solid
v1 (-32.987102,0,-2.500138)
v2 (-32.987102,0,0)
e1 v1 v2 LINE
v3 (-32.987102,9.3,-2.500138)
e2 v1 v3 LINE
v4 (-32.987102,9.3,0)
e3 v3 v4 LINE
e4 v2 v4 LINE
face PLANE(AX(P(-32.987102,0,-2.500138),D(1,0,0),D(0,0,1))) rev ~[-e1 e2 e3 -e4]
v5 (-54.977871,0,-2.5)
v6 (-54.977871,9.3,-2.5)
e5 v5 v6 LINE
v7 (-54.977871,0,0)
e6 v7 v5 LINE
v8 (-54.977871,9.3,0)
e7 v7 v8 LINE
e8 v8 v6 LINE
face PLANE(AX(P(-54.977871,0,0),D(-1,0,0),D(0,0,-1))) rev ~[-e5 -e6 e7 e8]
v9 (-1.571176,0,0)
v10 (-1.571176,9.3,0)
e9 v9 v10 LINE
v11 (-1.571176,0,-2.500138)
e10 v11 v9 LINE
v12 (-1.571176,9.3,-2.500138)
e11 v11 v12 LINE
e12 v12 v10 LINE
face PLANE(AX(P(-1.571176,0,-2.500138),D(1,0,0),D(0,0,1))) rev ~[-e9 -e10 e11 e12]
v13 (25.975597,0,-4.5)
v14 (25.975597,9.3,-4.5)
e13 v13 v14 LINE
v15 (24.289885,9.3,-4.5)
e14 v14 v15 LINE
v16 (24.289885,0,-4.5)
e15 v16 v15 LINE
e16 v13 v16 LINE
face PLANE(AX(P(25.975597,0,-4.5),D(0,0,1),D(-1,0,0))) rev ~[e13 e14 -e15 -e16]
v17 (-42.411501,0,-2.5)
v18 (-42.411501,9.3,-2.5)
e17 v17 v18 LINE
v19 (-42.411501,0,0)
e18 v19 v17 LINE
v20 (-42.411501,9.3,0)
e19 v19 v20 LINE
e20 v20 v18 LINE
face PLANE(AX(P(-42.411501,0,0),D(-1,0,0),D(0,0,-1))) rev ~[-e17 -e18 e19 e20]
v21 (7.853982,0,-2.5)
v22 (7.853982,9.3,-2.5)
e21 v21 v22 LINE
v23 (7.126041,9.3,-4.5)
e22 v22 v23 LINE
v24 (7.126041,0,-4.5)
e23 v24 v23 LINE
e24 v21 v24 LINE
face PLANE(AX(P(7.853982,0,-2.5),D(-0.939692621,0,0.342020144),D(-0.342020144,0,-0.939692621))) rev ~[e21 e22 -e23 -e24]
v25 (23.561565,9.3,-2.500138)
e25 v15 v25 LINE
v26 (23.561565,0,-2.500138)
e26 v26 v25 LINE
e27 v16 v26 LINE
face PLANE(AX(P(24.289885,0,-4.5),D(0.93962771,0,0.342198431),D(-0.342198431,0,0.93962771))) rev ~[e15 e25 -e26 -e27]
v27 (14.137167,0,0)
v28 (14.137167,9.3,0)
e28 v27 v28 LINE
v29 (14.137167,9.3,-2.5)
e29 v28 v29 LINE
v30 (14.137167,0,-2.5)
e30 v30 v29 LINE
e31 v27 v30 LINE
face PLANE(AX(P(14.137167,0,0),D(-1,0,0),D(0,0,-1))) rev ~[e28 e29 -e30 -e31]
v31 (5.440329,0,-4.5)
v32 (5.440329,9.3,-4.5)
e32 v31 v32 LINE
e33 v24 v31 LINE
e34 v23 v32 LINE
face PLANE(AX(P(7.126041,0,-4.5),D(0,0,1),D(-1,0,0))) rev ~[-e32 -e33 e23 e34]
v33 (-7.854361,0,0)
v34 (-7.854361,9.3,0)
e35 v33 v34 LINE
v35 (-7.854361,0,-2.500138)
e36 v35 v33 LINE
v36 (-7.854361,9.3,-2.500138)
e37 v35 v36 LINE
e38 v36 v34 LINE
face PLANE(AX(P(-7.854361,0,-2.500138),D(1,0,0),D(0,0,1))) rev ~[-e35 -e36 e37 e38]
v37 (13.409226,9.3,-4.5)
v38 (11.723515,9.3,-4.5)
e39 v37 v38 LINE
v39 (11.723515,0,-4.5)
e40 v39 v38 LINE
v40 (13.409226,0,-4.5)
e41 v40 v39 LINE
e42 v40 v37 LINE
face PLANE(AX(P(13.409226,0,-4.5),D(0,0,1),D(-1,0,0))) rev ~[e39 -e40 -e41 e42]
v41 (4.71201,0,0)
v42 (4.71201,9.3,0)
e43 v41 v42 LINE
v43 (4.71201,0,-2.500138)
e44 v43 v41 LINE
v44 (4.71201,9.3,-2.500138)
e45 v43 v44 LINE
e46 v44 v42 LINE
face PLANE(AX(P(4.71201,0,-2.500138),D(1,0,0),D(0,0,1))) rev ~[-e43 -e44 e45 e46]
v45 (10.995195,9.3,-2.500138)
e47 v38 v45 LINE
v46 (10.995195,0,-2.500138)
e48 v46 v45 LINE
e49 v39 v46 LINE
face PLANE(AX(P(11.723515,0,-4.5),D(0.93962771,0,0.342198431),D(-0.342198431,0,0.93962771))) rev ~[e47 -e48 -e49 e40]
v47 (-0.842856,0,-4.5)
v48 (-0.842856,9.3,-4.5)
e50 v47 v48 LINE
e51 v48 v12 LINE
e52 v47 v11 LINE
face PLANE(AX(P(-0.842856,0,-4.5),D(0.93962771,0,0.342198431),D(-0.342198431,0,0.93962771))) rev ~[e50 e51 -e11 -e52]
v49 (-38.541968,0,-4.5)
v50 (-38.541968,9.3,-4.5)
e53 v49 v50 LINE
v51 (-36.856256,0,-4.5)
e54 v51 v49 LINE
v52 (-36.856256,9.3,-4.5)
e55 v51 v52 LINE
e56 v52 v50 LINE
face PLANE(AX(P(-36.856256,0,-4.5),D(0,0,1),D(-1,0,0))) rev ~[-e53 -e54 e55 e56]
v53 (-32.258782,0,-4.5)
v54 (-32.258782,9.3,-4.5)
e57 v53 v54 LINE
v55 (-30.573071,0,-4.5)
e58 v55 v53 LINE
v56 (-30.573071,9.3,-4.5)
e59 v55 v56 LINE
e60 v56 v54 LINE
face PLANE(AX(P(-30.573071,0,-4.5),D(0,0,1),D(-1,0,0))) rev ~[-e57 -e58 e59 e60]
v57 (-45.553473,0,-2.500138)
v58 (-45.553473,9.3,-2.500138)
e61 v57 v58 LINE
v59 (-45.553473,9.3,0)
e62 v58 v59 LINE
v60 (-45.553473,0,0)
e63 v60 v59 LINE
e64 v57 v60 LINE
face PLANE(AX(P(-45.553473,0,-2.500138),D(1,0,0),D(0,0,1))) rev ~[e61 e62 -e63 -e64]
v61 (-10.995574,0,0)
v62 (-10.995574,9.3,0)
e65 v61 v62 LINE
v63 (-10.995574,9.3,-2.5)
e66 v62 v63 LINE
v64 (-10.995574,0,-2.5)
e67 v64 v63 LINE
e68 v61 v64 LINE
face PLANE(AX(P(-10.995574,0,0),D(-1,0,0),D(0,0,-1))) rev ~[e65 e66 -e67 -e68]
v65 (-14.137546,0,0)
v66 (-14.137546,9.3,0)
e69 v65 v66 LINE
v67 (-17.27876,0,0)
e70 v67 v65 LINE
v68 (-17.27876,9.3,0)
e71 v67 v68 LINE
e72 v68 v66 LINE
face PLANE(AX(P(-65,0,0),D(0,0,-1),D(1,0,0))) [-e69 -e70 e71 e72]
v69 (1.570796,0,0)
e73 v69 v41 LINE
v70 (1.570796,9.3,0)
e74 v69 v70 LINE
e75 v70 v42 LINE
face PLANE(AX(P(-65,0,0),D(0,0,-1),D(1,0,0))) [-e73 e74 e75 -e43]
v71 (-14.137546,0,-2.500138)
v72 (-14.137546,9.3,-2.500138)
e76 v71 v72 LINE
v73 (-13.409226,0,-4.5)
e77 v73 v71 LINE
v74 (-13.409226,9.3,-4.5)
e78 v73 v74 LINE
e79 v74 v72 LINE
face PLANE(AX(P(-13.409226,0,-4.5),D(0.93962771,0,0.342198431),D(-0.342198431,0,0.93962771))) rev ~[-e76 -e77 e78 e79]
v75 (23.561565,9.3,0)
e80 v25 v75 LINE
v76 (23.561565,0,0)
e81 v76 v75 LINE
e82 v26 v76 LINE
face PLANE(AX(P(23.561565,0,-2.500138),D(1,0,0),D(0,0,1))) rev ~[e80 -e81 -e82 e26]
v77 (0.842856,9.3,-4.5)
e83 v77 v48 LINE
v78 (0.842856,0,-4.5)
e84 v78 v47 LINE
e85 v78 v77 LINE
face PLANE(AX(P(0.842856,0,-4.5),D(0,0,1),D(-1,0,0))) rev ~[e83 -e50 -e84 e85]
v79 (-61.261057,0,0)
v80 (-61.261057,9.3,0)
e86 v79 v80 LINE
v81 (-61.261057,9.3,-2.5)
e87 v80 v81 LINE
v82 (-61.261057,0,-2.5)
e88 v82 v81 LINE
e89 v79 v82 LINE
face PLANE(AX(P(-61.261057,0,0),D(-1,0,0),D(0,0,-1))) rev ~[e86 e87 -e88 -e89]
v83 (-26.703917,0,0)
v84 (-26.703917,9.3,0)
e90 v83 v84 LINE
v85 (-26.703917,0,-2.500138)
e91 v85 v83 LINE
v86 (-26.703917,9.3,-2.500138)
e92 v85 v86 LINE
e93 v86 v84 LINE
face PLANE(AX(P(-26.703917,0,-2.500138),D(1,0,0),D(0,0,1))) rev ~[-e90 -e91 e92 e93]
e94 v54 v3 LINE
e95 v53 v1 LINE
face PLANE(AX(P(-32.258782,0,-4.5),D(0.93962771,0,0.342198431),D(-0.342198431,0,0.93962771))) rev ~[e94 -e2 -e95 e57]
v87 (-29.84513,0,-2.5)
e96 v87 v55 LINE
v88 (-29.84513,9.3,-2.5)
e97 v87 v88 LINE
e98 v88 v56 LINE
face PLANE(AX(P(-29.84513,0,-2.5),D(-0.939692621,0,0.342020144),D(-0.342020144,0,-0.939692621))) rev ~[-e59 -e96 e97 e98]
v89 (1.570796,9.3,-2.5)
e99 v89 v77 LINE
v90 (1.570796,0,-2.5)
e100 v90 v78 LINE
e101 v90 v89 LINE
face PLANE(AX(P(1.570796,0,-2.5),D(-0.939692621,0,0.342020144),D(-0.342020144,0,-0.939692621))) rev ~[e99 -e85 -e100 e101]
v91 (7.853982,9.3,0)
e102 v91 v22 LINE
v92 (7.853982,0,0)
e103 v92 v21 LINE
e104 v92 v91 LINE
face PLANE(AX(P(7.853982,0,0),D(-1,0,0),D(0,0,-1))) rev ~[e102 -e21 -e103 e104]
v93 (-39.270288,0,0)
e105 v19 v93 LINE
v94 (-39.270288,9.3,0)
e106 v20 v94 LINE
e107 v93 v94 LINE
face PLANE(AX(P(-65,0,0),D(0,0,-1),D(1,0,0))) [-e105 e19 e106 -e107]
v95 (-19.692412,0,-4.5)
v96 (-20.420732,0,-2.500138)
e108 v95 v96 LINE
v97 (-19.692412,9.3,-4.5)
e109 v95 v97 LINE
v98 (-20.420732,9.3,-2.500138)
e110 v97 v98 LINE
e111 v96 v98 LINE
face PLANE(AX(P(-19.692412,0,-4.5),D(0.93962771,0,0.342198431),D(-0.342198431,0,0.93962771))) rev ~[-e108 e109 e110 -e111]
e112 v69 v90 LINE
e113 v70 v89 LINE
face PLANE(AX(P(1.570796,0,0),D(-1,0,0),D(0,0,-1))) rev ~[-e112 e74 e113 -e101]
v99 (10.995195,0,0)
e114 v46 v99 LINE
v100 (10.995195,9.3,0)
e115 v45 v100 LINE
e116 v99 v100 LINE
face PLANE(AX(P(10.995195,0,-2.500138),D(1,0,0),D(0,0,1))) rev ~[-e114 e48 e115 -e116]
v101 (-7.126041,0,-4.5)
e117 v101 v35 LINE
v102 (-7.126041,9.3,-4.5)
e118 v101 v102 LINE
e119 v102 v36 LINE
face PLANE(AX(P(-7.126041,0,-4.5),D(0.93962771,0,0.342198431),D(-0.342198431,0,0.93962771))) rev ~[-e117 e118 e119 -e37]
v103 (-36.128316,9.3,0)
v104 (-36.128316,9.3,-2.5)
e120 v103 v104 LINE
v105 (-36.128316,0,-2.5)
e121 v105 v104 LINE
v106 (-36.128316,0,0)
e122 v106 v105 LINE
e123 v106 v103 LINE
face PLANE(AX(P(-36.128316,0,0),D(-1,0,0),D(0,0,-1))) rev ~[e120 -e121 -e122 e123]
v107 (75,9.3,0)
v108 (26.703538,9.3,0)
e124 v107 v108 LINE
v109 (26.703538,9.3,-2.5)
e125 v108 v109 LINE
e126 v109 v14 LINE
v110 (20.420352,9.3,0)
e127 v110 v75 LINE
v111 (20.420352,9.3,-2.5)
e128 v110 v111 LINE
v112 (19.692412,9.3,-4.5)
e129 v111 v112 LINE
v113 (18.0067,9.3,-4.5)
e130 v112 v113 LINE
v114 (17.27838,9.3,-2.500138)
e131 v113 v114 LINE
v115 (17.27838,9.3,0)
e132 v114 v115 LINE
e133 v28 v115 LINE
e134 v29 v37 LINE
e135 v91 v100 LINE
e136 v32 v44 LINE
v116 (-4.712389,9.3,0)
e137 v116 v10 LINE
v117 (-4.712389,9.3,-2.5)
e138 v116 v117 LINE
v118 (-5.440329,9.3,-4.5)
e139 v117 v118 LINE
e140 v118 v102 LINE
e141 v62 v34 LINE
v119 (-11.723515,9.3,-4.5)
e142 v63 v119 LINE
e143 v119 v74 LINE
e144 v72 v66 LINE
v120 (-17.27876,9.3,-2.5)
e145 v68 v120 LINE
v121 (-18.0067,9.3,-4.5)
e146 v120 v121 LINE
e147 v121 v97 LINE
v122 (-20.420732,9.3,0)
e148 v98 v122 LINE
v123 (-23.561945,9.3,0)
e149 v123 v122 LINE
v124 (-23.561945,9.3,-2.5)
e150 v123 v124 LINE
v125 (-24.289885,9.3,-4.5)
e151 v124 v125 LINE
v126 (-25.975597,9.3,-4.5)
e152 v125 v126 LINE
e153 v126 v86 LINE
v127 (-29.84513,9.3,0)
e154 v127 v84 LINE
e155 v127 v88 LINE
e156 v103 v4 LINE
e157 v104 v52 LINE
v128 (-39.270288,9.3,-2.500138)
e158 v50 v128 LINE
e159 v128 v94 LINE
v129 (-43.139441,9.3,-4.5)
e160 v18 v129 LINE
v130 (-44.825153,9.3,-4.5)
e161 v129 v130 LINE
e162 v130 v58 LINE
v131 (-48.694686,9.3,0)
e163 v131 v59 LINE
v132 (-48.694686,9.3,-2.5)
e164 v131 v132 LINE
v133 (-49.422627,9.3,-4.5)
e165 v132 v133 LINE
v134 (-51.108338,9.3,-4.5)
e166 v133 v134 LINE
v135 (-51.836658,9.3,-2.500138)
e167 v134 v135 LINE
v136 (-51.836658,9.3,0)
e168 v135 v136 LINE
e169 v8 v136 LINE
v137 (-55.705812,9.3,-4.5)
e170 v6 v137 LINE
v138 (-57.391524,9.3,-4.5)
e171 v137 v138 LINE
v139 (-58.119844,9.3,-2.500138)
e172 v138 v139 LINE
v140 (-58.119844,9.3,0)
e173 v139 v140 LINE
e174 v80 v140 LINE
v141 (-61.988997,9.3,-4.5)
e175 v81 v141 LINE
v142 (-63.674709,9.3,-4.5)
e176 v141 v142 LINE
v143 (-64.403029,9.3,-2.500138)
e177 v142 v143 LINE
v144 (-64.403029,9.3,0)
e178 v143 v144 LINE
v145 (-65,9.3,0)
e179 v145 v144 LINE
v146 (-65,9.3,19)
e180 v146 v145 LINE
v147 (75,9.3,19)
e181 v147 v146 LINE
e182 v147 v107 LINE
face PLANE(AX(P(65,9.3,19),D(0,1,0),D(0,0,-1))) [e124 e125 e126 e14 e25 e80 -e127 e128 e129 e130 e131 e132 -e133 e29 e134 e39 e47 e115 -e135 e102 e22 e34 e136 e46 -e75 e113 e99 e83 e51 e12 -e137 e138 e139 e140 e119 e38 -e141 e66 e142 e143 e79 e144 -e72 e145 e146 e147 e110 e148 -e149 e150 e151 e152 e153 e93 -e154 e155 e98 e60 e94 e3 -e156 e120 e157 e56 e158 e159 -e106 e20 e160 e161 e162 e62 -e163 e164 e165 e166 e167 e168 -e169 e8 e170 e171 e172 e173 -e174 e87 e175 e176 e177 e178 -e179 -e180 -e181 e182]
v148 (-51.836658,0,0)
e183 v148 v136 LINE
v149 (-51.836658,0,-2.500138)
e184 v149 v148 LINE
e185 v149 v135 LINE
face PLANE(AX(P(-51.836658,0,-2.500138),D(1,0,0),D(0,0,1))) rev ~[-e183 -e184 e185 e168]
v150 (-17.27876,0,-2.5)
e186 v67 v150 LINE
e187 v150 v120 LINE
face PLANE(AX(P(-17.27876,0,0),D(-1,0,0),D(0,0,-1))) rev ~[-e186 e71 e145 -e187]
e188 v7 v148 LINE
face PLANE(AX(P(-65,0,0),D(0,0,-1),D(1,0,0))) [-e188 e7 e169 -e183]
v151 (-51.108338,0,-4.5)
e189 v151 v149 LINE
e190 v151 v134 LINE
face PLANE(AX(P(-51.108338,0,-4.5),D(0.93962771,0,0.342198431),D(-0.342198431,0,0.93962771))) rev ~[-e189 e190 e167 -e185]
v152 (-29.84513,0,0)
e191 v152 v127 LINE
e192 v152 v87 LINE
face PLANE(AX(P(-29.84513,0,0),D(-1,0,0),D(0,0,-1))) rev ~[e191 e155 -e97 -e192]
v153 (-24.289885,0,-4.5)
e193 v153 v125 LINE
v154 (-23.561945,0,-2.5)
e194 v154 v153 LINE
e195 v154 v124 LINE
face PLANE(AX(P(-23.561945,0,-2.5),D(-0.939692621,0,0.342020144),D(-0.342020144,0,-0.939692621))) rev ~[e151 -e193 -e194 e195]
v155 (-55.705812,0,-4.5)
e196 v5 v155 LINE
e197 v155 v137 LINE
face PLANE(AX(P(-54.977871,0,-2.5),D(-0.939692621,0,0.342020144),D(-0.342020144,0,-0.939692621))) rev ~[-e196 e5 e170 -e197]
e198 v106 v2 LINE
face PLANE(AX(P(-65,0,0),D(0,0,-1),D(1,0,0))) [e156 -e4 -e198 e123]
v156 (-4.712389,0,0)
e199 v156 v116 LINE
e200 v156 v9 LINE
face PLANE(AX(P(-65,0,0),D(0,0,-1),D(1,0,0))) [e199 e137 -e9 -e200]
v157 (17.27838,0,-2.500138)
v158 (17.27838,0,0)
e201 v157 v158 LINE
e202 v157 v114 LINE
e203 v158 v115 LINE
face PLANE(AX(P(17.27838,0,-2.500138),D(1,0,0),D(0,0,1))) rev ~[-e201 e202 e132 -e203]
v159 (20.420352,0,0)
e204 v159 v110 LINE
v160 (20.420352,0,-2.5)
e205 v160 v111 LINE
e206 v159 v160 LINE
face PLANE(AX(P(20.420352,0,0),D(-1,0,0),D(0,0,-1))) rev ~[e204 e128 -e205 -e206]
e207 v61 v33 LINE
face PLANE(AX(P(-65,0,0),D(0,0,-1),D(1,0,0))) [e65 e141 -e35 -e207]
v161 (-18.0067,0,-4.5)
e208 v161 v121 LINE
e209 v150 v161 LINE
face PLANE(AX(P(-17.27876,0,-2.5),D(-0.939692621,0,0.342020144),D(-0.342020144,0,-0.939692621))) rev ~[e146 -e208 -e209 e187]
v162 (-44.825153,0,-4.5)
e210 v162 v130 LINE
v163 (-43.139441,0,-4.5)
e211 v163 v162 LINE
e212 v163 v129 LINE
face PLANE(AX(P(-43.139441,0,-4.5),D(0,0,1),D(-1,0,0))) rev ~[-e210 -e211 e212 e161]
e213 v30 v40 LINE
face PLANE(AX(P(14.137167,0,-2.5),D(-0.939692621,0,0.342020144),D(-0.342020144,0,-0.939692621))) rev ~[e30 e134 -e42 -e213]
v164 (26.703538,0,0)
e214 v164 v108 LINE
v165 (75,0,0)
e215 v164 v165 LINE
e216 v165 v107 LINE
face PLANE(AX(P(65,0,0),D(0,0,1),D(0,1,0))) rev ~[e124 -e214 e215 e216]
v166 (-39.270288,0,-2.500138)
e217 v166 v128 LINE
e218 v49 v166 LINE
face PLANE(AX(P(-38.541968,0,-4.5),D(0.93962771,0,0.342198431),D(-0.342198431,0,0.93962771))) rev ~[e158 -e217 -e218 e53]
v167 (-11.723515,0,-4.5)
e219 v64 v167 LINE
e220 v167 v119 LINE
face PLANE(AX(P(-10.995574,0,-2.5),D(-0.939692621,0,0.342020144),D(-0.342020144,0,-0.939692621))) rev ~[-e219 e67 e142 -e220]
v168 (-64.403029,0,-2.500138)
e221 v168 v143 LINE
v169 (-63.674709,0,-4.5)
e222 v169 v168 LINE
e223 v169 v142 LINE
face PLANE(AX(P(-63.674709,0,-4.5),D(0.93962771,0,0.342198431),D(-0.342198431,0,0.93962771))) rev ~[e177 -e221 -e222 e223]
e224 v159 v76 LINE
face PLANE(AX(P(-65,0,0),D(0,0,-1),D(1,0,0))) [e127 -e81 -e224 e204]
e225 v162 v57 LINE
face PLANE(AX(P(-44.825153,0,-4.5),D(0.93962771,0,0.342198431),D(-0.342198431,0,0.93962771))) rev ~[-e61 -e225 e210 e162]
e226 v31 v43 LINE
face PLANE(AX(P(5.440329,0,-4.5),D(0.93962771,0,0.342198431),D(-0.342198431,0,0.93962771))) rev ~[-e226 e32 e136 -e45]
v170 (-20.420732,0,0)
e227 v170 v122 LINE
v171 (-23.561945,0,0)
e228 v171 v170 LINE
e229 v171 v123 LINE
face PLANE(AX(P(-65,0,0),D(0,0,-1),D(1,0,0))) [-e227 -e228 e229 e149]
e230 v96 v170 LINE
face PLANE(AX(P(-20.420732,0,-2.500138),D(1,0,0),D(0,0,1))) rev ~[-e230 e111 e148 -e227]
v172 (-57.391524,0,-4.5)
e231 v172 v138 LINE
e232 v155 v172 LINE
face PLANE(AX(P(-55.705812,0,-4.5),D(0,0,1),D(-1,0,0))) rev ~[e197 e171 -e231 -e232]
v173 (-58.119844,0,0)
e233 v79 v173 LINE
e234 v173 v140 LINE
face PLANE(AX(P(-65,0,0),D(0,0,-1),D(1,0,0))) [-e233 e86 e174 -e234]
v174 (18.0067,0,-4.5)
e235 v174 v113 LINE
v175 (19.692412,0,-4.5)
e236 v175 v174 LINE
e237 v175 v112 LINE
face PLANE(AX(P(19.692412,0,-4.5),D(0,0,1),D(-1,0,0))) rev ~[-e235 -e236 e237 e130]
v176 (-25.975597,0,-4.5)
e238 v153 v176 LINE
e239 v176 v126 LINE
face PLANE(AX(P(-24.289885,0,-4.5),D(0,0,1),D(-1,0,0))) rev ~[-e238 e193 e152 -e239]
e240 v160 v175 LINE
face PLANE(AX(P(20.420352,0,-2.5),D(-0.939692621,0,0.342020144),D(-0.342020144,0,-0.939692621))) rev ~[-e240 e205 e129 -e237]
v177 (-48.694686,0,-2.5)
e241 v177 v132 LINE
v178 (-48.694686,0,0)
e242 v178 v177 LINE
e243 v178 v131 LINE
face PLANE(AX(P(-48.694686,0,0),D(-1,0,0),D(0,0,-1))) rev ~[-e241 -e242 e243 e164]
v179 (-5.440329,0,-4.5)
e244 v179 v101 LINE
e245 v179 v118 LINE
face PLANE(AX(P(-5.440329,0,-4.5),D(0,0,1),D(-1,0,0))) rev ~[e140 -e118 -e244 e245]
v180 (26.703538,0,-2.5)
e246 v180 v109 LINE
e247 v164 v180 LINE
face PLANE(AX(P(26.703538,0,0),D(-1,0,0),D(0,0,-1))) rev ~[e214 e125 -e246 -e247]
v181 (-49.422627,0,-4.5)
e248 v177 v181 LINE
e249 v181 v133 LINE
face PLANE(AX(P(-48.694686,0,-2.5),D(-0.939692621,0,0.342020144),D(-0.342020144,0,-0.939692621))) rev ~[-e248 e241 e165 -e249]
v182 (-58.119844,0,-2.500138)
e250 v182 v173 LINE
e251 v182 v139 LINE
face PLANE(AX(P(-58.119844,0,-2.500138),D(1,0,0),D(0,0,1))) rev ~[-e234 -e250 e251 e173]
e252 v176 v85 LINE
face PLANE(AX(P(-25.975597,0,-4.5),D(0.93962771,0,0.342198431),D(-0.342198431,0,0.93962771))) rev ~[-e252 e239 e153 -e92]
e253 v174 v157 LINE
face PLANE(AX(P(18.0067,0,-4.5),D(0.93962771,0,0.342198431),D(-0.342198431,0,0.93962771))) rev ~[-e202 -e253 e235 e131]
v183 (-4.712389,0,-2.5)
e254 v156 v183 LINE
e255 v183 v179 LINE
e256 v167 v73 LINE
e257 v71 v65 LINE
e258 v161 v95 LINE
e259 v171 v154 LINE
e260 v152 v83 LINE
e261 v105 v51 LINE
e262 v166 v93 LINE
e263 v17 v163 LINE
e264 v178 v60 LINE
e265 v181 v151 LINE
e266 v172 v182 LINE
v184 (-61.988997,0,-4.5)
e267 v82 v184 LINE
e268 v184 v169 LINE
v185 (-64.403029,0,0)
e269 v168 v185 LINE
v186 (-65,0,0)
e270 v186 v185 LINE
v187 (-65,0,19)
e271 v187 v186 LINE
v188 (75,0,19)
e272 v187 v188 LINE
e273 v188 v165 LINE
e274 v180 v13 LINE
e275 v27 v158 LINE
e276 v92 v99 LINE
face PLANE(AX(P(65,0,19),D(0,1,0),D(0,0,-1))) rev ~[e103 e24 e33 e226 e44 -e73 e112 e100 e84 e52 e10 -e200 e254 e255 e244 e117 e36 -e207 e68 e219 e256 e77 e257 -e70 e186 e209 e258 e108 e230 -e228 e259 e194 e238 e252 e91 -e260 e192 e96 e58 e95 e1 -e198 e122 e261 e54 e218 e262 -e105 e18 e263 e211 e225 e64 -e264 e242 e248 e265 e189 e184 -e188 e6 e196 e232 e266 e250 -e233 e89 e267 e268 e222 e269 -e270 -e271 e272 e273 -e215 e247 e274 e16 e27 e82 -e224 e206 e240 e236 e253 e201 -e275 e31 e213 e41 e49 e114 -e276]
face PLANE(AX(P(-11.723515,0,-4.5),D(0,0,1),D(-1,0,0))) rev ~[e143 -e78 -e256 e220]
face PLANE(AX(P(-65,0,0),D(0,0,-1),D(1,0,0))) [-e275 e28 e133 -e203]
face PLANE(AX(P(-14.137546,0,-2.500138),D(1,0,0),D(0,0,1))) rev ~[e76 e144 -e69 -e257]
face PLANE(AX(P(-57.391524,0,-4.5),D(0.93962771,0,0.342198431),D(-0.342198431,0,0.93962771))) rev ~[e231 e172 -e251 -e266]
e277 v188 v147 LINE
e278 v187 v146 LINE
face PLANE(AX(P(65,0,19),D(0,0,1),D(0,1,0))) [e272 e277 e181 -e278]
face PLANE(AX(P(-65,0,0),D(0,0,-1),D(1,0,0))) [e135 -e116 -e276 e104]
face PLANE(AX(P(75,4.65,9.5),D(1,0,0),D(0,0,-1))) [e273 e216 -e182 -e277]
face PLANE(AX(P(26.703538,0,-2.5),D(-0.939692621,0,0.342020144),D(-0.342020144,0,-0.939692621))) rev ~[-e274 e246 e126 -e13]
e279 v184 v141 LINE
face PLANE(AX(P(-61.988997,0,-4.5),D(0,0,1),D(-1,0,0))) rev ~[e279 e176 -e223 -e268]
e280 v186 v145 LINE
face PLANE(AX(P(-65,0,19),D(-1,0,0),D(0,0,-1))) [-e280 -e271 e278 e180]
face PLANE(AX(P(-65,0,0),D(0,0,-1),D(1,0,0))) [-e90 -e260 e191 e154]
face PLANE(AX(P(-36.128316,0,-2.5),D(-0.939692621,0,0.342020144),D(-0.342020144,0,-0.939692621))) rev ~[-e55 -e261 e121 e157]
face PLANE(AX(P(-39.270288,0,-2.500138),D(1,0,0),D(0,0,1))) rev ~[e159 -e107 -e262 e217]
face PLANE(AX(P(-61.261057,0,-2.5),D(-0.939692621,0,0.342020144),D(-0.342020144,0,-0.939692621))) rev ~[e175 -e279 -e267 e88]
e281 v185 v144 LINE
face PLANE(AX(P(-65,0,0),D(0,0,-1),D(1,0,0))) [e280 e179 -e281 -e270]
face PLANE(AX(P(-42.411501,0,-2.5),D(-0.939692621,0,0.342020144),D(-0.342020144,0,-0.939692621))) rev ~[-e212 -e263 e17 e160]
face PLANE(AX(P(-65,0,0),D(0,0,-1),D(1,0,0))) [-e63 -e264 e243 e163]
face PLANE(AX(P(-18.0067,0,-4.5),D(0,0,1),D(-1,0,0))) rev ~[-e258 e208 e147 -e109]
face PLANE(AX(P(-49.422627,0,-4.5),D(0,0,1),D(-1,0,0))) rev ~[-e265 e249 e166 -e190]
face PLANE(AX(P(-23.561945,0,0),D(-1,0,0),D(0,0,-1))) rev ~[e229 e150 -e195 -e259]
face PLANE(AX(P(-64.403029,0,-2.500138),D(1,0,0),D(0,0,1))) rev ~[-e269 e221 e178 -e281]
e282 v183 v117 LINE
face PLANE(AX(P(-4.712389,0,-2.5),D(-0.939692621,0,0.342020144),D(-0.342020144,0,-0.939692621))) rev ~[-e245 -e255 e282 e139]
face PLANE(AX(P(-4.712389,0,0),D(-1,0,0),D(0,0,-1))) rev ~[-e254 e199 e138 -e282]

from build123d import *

# Parameters (mm, degrees)
SKETCH2_W           = 130
SKETCH2_H           = 19
BOSS_EXTRUDE1_DEPTH = 9.3
BOSS_EXTRUDE2_DEPTH = 9.3
LPATTERN1_COUNT     = 11
LPATTERN1_PITCH     = 6.283185307
LPATTERN1_COL_COUNT = 5
LPATTERN1_COL_PITCH = 6.283185307
SKETCH3_W           = 19
SKETCH3_H           = 9.3
BOSS_EXTRUDE3_DEPTH = 10


with BuildPart() as part:
    # Sketch2 → Boss-Extrude1 (new body)
    with BuildSketch(Plane(origin=(0, 0, 0), x_dir=(1, 0, 0), z_dir=(0, 1, 0))):
        with Locations((0, -9.5)):
            Rectangle(SKETCH2_W, SKETCH2_H)
    extrude(amount=BOSS_EXTRUDE1_DEPTH)

    # Sketch2<5> → Boss-Extrude2 (add)
    with BuildSketch(Plane(origin=(0, 0, 0), x_dir=(1, 0, 0), z_dir=(0, 1, 0))):
        Polygon((0.842855858, 4.499999971), (-0.842855858, 4.499999971), (-1.571175787, 2.500138124), (-1.571175787, 0), (1.570796327, 0), (1.570796327, 2.499999971), align=None)
    boss_extrude2 = extrude(amount=BOSS_EXTRUDE2_DEPTH)

    # LPattern1: Boss-Extrude2 ×11
    with Locations(*[(-i * LPATTERN1_PITCH, 0, 0) for i in range(1, LPATTERN1_COUNT)]):
        add(boss_extrude2)

    # LPattern1 col: Boss-Extrude2 ×5
    with Locations(*[(i * LPATTERN1_COL_PITCH, 0, 0) for i in range(1, LPATTERN1_COL_COUNT)]):
        add(boss_extrude2)

    # Sketch3 → Boss-Extrude3 (add)
    with BuildSketch(Plane(origin=(65, 0, 0), x_dir=(0, 0, -1), z_dir=(1, 0, 0))):
        with Locations((-9.5, 4.65)):
            Rectangle(SKETCH3_W, SKETCH3_H)
    extrude(amount=BOSS_EXTRUDE3_DEPTH)


solid = part.part
